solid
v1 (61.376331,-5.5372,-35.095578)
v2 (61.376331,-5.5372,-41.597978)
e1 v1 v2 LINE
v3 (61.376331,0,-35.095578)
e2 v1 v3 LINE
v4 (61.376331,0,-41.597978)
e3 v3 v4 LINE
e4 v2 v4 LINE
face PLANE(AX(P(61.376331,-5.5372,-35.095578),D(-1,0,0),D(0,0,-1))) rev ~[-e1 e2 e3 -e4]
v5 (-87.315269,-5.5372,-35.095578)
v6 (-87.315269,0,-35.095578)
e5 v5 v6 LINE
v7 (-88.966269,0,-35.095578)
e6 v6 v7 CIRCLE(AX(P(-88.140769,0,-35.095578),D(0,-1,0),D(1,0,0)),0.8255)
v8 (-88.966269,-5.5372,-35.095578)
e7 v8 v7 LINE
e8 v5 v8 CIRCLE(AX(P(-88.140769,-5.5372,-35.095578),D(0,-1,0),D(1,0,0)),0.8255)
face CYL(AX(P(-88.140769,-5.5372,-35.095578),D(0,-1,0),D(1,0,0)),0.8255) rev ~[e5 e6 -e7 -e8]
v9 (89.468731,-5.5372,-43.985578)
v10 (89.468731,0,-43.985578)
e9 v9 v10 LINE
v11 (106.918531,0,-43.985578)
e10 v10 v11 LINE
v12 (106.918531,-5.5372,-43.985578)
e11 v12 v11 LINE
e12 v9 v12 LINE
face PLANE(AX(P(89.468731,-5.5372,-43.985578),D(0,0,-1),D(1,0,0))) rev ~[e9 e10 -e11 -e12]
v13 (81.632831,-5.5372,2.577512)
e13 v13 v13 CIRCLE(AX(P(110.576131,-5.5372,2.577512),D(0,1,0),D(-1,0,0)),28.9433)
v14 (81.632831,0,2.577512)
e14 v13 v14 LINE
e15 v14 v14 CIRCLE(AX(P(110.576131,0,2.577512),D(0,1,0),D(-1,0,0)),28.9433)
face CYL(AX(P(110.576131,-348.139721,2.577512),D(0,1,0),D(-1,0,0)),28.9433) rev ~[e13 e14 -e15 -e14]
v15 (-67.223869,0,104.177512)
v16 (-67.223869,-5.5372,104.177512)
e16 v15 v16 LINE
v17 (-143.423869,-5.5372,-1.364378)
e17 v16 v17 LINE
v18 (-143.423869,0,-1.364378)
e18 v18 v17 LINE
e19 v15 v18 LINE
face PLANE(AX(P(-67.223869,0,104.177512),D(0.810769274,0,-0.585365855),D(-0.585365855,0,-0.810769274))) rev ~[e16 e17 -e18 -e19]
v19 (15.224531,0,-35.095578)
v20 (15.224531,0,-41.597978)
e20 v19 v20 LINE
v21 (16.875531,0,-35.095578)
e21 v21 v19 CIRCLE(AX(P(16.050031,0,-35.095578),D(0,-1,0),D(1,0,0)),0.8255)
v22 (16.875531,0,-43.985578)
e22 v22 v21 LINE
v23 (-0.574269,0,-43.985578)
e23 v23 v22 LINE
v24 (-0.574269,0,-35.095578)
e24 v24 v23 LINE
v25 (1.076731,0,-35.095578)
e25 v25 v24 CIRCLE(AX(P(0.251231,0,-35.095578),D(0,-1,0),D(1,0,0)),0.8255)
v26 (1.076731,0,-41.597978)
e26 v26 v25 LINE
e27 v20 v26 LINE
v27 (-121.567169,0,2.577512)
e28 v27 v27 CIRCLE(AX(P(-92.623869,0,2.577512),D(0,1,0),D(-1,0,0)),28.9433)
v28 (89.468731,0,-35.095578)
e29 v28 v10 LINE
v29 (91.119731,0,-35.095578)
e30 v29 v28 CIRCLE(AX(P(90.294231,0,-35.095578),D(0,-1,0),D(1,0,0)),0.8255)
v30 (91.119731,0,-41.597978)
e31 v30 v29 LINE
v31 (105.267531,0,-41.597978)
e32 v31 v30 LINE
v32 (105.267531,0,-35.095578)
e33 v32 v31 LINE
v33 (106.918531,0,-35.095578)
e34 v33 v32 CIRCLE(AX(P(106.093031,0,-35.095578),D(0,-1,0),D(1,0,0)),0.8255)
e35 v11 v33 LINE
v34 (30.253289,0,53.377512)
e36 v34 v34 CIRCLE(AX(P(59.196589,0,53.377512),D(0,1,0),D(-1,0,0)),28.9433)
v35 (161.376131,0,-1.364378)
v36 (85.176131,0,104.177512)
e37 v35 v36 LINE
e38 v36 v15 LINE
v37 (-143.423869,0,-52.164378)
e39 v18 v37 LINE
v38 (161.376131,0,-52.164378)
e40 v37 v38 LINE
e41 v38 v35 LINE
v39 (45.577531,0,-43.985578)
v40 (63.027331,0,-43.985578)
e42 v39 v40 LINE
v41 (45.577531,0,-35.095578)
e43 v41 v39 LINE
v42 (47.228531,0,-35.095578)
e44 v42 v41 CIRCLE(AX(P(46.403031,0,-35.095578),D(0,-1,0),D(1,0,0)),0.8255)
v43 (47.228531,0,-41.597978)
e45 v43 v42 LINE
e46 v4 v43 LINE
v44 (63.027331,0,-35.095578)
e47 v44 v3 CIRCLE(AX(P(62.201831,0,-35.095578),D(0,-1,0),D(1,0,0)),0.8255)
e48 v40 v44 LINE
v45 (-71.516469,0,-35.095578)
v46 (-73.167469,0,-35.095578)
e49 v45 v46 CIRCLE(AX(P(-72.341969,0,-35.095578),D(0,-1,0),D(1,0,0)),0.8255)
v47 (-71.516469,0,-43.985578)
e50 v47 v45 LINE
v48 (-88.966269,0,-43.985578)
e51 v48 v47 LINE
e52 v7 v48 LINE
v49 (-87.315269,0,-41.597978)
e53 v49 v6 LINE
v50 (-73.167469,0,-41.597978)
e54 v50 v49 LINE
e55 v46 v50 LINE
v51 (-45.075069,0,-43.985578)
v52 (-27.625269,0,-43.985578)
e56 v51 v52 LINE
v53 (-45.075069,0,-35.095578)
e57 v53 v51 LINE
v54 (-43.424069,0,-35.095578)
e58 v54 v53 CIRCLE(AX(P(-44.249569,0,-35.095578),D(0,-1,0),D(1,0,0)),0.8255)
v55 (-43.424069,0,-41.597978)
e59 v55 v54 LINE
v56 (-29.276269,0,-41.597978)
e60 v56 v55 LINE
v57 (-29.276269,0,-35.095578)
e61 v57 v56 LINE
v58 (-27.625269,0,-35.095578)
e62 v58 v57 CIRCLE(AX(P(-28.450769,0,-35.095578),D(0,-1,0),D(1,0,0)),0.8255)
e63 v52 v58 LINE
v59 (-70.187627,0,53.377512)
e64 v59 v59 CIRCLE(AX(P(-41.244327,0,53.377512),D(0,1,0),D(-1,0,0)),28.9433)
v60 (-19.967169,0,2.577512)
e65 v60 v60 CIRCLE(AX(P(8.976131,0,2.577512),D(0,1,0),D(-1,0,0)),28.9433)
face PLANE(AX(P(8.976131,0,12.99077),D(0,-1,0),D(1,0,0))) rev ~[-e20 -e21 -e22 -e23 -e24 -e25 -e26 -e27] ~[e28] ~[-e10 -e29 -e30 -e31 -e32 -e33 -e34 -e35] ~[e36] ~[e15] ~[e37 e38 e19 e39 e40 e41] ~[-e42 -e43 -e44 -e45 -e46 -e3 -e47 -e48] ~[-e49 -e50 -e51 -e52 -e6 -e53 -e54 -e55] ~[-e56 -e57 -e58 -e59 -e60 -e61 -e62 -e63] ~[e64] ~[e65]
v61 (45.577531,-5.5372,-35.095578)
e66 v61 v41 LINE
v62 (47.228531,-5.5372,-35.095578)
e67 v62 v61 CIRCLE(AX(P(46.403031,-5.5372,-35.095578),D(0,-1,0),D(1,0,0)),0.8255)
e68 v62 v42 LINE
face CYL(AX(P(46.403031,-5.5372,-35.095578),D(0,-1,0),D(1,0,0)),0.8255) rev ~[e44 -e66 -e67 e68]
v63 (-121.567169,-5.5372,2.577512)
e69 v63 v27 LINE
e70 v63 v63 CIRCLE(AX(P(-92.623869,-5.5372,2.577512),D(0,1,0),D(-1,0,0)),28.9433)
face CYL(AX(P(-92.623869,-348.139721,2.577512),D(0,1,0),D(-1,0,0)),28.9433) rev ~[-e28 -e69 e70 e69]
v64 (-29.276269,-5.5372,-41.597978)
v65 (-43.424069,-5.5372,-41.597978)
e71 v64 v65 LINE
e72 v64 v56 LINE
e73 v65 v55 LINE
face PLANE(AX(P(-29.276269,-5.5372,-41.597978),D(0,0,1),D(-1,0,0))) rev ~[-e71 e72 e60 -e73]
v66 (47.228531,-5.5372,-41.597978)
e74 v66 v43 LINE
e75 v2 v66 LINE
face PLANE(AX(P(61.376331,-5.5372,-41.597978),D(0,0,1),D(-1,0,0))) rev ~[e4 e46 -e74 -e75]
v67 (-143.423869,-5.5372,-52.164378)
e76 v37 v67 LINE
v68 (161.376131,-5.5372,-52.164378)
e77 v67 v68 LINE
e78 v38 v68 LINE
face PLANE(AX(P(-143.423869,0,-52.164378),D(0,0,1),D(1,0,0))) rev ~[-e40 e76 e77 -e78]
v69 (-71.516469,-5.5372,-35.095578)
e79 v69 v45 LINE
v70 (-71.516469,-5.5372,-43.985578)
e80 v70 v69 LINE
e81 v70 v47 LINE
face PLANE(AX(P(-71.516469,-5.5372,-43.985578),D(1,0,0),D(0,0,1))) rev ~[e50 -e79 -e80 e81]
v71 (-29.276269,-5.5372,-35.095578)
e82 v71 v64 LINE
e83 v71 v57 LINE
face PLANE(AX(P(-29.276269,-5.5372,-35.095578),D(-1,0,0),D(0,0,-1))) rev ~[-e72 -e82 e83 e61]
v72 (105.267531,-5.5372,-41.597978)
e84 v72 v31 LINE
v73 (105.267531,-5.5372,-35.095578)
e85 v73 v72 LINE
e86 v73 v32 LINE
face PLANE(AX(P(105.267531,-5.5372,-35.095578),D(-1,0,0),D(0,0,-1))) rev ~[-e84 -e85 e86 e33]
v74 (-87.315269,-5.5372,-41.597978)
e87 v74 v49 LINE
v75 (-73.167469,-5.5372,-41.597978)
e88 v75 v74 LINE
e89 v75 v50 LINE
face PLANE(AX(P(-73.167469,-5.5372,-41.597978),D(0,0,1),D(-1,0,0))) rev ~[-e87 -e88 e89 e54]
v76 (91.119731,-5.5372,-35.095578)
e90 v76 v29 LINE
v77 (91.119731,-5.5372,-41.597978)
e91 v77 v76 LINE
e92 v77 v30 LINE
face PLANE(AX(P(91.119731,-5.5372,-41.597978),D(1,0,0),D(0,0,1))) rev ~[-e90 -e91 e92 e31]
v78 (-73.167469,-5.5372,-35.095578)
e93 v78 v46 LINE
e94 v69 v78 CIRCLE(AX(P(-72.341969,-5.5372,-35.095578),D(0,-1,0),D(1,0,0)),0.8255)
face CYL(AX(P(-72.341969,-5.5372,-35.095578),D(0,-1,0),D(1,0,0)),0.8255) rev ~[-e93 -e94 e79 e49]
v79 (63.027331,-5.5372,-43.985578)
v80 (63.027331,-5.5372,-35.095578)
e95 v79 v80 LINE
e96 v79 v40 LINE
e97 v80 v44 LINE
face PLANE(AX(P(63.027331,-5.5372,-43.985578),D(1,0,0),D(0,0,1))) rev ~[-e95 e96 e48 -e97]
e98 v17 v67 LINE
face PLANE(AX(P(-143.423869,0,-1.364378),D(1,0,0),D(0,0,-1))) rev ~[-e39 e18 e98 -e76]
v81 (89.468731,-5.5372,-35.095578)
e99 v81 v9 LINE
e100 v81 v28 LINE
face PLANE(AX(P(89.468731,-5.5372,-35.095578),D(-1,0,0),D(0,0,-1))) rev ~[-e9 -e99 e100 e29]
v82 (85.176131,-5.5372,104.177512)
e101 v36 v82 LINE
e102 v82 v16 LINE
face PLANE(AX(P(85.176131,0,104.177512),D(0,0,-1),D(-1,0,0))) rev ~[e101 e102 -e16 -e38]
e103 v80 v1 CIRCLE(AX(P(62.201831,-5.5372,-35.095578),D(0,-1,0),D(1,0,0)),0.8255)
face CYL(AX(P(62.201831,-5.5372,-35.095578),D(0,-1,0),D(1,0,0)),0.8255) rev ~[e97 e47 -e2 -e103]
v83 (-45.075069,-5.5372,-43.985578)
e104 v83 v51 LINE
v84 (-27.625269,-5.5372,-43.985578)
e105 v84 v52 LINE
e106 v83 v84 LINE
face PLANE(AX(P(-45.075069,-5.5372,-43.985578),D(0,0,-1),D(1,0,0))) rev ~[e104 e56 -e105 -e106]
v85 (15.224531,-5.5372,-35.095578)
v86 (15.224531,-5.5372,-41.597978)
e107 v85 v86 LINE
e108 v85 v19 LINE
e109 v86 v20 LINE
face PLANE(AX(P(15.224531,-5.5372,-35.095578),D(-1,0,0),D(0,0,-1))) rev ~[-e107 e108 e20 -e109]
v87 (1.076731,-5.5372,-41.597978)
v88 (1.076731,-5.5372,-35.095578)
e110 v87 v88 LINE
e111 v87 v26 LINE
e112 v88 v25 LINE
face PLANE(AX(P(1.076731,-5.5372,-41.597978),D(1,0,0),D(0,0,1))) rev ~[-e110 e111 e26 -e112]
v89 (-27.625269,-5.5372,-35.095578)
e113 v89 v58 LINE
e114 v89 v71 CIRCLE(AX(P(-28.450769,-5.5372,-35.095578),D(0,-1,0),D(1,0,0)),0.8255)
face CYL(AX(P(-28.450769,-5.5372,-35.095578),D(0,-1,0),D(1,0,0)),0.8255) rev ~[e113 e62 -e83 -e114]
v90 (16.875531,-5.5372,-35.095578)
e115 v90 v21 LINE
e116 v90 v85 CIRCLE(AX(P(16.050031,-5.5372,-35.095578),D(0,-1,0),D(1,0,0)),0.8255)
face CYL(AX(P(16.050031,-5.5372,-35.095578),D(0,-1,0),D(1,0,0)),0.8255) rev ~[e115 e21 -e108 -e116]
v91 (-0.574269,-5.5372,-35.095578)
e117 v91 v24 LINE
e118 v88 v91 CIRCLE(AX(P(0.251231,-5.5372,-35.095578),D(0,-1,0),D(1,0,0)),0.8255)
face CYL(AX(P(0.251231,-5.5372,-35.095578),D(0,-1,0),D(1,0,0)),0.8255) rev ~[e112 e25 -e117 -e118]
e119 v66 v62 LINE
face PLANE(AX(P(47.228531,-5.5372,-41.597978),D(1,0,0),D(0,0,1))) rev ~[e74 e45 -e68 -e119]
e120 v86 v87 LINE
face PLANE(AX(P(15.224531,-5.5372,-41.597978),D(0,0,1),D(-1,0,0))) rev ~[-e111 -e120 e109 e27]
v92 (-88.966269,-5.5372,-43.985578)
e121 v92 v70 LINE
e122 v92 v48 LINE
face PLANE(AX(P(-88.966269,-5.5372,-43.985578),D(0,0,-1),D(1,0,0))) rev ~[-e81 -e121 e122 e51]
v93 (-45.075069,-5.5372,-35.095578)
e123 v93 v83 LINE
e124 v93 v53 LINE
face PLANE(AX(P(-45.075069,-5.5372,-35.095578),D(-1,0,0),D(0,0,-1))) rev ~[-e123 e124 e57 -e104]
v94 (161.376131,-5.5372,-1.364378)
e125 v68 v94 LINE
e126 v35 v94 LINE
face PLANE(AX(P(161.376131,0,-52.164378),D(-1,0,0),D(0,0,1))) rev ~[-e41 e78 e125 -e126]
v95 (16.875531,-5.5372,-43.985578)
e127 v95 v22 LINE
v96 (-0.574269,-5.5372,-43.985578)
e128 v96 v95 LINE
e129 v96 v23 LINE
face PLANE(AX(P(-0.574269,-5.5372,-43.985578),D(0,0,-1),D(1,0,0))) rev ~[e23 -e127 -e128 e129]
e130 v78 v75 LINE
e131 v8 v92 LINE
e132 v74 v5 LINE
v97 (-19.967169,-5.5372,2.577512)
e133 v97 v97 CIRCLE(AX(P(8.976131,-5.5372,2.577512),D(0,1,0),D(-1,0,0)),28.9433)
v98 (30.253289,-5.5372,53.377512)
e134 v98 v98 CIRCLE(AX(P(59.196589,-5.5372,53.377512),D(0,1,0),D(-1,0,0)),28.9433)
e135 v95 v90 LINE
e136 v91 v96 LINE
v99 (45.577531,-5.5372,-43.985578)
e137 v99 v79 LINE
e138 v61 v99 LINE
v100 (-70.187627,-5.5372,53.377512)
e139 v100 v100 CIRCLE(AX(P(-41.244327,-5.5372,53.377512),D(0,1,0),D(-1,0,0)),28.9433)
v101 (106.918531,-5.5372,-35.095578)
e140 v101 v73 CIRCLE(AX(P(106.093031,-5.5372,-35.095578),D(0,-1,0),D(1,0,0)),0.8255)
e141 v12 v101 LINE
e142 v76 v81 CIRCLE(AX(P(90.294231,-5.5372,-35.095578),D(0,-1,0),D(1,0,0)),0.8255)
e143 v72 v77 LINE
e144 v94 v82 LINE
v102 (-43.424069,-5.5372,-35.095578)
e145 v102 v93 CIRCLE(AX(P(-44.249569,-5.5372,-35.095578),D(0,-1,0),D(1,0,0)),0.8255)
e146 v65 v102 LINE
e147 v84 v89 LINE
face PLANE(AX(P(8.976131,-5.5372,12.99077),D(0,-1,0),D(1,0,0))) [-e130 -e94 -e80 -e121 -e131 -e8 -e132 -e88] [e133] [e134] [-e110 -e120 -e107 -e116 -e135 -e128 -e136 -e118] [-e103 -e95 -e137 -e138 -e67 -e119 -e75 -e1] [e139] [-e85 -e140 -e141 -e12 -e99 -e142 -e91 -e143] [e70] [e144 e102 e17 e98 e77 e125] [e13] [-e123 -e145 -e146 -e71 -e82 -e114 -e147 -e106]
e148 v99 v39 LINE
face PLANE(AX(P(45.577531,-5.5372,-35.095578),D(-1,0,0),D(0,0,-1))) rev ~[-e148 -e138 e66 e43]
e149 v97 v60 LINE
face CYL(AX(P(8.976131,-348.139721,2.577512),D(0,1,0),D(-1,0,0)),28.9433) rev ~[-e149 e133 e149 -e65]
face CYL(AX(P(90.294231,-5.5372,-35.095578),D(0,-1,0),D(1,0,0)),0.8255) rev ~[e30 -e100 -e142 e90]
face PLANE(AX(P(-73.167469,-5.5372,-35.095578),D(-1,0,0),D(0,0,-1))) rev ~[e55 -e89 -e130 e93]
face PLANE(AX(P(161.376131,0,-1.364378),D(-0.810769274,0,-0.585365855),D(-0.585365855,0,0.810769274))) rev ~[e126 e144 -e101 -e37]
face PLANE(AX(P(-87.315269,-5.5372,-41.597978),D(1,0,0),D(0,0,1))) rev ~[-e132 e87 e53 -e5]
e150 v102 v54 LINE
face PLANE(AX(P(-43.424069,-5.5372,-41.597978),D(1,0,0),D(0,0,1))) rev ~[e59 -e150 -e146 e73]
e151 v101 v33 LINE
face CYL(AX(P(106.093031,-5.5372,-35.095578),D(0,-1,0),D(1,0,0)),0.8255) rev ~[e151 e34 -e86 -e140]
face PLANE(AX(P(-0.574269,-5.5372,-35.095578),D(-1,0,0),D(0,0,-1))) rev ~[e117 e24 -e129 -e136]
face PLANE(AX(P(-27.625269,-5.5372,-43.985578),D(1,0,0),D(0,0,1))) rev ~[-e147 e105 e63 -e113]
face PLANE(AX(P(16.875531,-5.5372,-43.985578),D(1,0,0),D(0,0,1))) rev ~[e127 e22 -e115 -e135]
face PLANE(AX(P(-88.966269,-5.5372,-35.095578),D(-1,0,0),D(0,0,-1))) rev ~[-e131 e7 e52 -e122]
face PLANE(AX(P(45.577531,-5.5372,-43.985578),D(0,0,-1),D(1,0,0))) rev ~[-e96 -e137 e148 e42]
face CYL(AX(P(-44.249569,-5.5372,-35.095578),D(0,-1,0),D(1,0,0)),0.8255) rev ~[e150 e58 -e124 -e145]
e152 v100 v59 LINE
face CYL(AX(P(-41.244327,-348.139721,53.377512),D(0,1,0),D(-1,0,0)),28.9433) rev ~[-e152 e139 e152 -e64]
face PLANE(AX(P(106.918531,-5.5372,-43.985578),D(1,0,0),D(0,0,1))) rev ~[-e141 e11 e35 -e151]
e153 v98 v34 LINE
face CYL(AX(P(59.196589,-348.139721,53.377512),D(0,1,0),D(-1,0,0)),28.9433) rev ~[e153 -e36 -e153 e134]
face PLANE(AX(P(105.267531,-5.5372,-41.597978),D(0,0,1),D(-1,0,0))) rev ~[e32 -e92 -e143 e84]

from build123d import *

# Parameters (mm, degrees)
F1_DEPTH  = 5.5372
F3_D      = 57.8866
F5_DEPTH  = 5.5382
F7_DEPTH  = 17.76331
F9_DEPTH  = 25.4
F11_DEPTH = 25.4
F13_DEPTH = 25.4


with BuildPart() as f1:
    # F0 (on Front) → F1 (new body)
    with BuildSketch(Plane.XZ):
        Polygon((85.176131, 104.177512), (-67.223869, 104.177512), (-143.423869, -1.364378), (-143.423869, -52.164378), (161.376131, -52.164378), (161.376131, -1.364378), align=None)
    extrude(amount=F1_DEPTH)

    # F3 (through all)
    with Locations(Plane.XZ.offset(5.5372)):
        with Locations((-41.244327, 53.377512), (59.196589, 53.377512), (110.576131, 2.577512), (8.976131, 2.577512), (-92.623869, 2.577512)):
            Hole(F3_D / 2)

    # F4 (on face) → F5 (cut, through all)
    with BuildSketch(Plane.XZ.offset(5.5372)):
        with BuildLine():
            ThreePointArc((-87.315269, -35.095578), (-88.140769, -34.270078), (-88.966269, -35.095578))
            Line((-88.966269, -35.095578), (-88.966269, -43.985578))
            Line((-88.966269, -43.985578), (-71.516469, -43.985578))
            Line((-71.516469, -43.985578), (-71.516469, -35.095578))
            ThreePointArc((-71.516469, -35.095578), (-72.341969, -34.270078), (-73.167469, -35.095578))
            Line((-73.167469, -35.095578), (-73.167469, -41.597978))
            Line((-73.167469, -41.597978), (-87.315269, -41.597978))
            Line((-87.315269, -41.597978), (-87.315269, -35.095578))
        make_face()
    extrude(amount=-F5_DEPTH, mode=Mode.SUBTRACT)

    # F6 (on face) → F7 (cut)
    with BuildSketch(Plane.XZ.offset(5.5372)):
        with BuildLine():
            ThreePointArc((-43.424069, -35.095578), (-44.249569, -34.270078), (-45.075069, -35.095578))
            Line((-45.075069, -35.095578), (-45.075069, -43.985578))
            Line((-45.075069, -43.985578), (-27.625269, -43.985578))
            Line((-27.625269, -43.985578), (-27.625269, -35.095578))
            ThreePointArc((-27.625269, -35.095578), (-28.450769, -34.270078), (-29.276269, -35.095578))
            Line((-29.276269, -35.095578), (-29.276269, -41.597978))
            Line((-29.276269, -41.597978), (-43.424069, -41.597978))
            Line((-43.424069, -41.597978), (-43.424069, -35.095578))
        make_face()
    extrude(amount=-F7_DEPTH, mode=Mode.SUBTRACT)

    # F8 (on face) → F9 (cut)
    with BuildSketch(Plane.XZ.offset(5.5372)):
        with BuildLine():
            ThreePointArc((1.076731, -35.095578), (0.251231, -34.270078), (-0.574269, -35.095578))
            Line((-0.574269, -35.095578), (-0.574269, -43.985578))
            Line((-0.574269, -43.985578), (16.875531, -43.985578))
            Line((16.875531, -43.985578), (16.875531, -35.095578))
            ThreePointArc((16.875531, -35.095578), (16.050031, -34.270078), (15.224531, -35.095578))
            Line((15.224531, -35.095578), (15.224531, -41.597978))
            Line((15.224531, -41.597978), (1.076731, -41.597978))
            Line((1.076731, -41.597978), (1.076731, -35.095578))
        make_face()
    extrude(amount=-F9_DEPTH, mode=Mode.SUBTRACT)

    # F10 (on face) → F11 (cut)
    with BuildSketch(Plane.XZ.offset(5.5372)):
        with BuildLine():
            ThreePointArc((47.228531, -35.095578), (46.403031, -34.270078), (45.577531, -35.095578))
            Line((45.577531, -35.095578), (45.577531, -43.985578))
            Line((45.577531, -43.985578), (63.027331, -43.985578))
            Line((63.027331, -43.985578), (63.027331, -35.095578))
            ThreePointArc((63.027331, -35.095578), (62.201831, -34.270078), (61.376331, -35.095578))
            Line((61.376331, -35.095578), (61.376331, -41.597978))
            Line((61.376331, -41.597978), (47.228531, -41.597978))
            Line((47.228531, -41.597978), (47.228531, -35.095578))
        make_face()
    extrude(amount=-F11_DEPTH, mode=Mode.SUBTRACT)

    # F12 (on face) → F13 (cut)
    with BuildSketch(Plane.XZ.offset(5.5372)):
        with BuildLine():
            ThreePointArc((91.119731, -35.095578), (90.294231, -34.270078), (89.468731, -35.095578))
            Line((89.468731, -35.095578), (89.468731, -43.985578))
            Line((89.468731, -43.985578), (106.918531, -43.985578))
            Line((106.918531, -43.985578), (106.918531, -35.095578))
            ThreePointArc((106.918531, -35.095578), (106.093031, -34.270078), (105.267531, -35.095578))
            Line((105.267531, -35.095578), (105.267531, -41.597978))
            Line((105.267531, -41.597978), (91.119731, -41.597978))
            Line((91.119731, -41.597978), (91.119731, -35.095578))
        make_face()
    extrude(amount=-F13_DEPTH, mode=Mode.SUBTRACT)


solid = f1.part
